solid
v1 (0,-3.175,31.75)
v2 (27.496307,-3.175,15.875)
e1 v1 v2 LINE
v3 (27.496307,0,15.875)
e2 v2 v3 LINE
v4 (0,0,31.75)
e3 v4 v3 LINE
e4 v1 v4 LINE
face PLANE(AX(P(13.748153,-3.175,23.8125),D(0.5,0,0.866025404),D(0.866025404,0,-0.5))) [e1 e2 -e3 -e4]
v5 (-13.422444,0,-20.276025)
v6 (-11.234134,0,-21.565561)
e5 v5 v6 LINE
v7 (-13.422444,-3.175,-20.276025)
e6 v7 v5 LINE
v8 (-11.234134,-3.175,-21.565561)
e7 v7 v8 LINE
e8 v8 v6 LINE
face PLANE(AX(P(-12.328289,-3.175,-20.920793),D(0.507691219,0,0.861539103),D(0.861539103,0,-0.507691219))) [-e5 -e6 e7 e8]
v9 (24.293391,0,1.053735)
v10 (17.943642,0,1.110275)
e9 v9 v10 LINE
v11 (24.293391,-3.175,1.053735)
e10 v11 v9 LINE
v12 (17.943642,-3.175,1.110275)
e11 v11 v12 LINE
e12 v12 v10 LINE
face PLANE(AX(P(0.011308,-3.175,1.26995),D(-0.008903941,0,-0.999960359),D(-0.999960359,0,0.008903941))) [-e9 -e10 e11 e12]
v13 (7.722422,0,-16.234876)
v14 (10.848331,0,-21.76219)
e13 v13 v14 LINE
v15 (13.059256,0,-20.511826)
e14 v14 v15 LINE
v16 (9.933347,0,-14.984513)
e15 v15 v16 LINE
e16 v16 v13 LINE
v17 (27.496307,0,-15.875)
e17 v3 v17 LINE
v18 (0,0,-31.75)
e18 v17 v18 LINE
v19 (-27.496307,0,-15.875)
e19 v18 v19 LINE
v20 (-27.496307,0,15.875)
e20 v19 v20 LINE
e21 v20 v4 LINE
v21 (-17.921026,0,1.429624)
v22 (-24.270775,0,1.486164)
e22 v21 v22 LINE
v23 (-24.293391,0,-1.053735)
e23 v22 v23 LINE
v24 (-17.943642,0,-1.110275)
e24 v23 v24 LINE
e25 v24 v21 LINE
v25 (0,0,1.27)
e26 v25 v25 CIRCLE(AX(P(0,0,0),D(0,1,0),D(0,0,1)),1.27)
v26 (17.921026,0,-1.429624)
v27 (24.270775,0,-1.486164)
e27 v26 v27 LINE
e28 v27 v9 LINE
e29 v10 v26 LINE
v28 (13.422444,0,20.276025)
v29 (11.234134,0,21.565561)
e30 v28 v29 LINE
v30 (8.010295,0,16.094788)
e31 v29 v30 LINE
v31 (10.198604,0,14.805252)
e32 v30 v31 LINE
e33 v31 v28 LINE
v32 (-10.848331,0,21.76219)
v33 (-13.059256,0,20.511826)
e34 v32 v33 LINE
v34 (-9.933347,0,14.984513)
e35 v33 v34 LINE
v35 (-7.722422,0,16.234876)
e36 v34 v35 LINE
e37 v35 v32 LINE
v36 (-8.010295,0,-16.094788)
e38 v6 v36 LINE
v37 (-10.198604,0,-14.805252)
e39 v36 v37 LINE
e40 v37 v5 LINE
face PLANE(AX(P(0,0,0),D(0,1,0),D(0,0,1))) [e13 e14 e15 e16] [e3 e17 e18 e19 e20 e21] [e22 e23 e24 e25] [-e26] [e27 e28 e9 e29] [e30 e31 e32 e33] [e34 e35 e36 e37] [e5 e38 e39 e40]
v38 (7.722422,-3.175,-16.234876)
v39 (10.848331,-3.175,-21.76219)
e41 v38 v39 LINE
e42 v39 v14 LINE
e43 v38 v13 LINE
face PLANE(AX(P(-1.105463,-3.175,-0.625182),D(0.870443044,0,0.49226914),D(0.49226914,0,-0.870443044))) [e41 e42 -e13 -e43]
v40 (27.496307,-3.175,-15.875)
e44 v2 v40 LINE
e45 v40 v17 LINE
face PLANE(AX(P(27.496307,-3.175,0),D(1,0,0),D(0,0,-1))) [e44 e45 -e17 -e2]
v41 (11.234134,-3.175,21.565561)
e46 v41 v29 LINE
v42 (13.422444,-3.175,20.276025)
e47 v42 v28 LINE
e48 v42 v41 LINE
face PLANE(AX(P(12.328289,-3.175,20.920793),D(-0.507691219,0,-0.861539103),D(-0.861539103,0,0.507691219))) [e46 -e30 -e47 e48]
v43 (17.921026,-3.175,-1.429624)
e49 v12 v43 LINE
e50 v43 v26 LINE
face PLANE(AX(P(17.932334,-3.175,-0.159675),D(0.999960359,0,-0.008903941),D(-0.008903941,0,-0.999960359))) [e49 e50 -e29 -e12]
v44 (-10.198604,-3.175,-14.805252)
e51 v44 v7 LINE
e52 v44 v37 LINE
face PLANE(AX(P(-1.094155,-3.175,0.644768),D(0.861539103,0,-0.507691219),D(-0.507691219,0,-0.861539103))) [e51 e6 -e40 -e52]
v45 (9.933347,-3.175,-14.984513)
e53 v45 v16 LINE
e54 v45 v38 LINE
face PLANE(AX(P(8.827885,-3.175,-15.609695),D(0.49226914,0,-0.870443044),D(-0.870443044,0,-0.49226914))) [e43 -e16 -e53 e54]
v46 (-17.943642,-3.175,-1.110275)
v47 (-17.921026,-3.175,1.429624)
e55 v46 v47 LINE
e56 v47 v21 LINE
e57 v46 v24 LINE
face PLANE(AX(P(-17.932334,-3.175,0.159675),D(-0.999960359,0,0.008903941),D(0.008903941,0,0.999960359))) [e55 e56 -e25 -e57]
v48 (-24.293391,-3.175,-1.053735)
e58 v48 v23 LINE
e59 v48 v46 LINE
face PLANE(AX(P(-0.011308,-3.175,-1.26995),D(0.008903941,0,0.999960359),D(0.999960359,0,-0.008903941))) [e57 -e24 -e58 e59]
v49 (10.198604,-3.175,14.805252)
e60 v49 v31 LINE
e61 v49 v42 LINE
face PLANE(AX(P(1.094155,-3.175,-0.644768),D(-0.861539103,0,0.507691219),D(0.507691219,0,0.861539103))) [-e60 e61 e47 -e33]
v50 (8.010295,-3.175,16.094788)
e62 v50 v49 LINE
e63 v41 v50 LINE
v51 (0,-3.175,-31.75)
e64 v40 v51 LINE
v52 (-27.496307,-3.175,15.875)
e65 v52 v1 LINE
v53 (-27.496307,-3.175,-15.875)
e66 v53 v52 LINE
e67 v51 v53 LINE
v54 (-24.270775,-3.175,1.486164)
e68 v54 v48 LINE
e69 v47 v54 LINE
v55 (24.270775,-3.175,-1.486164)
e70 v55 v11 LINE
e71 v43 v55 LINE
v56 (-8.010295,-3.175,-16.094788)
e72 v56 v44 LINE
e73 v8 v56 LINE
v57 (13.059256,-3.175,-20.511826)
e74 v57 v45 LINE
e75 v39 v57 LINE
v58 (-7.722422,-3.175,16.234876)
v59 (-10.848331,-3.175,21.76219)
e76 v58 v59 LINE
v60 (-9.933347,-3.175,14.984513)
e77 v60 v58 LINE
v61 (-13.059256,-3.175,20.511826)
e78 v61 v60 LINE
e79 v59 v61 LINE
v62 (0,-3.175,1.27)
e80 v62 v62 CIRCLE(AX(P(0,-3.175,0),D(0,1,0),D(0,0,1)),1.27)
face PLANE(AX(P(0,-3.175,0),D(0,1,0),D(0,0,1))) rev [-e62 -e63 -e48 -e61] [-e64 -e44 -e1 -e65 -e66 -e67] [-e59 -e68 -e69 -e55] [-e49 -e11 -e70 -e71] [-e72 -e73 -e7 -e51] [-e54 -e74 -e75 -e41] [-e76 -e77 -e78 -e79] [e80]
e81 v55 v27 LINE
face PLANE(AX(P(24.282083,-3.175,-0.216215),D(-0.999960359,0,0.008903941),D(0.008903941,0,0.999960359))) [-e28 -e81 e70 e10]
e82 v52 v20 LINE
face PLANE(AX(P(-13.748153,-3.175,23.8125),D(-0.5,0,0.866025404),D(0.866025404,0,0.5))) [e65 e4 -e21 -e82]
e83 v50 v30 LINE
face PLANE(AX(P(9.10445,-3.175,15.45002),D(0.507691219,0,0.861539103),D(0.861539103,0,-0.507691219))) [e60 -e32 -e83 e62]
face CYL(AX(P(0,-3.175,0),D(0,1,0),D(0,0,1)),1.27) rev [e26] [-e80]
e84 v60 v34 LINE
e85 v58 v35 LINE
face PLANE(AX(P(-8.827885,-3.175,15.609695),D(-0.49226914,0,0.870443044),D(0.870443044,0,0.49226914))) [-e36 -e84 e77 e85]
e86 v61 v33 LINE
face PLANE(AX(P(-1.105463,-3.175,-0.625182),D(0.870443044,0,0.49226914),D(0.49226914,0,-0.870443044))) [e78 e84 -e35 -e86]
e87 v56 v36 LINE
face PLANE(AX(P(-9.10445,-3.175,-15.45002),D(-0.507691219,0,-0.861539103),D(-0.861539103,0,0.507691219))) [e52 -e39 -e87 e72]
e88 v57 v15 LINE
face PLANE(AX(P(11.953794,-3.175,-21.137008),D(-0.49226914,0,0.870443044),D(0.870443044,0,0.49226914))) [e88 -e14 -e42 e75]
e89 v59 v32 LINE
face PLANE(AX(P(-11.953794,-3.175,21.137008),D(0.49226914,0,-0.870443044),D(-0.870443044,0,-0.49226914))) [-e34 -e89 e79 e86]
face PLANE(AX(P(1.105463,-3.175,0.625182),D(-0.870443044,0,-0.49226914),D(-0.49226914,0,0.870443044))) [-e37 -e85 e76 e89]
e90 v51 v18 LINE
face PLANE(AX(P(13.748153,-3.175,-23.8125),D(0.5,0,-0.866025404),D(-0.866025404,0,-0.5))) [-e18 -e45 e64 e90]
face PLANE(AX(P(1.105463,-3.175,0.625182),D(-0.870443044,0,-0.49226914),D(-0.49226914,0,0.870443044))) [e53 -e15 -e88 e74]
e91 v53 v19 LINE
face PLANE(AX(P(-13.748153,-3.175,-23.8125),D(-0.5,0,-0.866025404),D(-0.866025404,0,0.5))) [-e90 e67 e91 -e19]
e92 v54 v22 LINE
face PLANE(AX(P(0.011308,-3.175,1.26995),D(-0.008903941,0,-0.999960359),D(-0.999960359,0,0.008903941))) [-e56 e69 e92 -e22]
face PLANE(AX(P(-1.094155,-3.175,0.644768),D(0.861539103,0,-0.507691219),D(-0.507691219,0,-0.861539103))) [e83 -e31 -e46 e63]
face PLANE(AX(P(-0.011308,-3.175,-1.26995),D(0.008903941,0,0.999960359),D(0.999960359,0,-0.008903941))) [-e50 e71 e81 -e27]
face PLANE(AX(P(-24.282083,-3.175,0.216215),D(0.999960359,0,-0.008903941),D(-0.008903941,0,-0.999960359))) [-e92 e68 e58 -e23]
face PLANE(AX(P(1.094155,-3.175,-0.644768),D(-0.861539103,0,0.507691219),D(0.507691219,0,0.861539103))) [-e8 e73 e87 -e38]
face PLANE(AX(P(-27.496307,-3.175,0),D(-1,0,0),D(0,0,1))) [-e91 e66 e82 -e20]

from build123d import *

# Parameters (mm, degrees)
SKETCH1_R           = 1.27
BOSS_EXTRUDE1_DEPTH = 3.175


with BuildPart() as part:
    # Sketch1 → Boss-Extrude1 (new body)
    with BuildSketch(Plane(origin=(0, 0, 0), x_dir=(1, 0, 0), z_dir=(0, 1, 0))):
        Polygon((27.49630657, 15.875), (0, 31.75), (-27.49630657, 15.875), (-27.49630657, -15.875), (0, -31.75), (27.49630657, -15.875), align=None)
        with Locations(Location((0, 0, 0), (0, 0, 270))):
            Circle(SKETCH1_R, mode=Mode.SUBTRACT)
        Polygon((-13.422443502, 20.276025186), (-11.234134179, 21.565560882), (-8.01029494, 16.094787576), (-10.198604263, 14.805251881), align=None, mode=Mode.SUBTRACT)
        Polygon((7.722422107, 16.234876315), (10.848331148, 21.762189646), (13.059256481, 20.51182603), (9.933347439, 14.984512698), align=None, mode=Mode.SUBTRACT)
        Polygon((17.921026369, 1.429624434), (24.27077465, 1.48616446), (24.29339066, -1.053734852), (17.94364238, -1.110274878), align=None, mode=Mode.SUBTRACT)
        Polygon((10.198604263, -14.805251881), (13.422443502, -20.276025186), (11.234134179, -21.565560882), (8.01029494, -16.094787576), align=None, mode=Mode.SUBTRACT)
        Polygon((-7.722422107, -16.234876315), (-10.848331148, -21.762189646), (-13.059256481, -20.51182603), (-9.933347439, -14.984512698), align=None, mode=Mode.SUBTRACT)
        Polygon((-17.921026369, -1.429624434), (-24.27077465, -1.48616446), (-24.29339066, 1.053734852), (-17.94364238, 1.110274878), align=None, mode=Mode.SUBTRACT)
    extrude(amount=-BOSS_EXTRUDE1_DEPTH)


solid = part.part
